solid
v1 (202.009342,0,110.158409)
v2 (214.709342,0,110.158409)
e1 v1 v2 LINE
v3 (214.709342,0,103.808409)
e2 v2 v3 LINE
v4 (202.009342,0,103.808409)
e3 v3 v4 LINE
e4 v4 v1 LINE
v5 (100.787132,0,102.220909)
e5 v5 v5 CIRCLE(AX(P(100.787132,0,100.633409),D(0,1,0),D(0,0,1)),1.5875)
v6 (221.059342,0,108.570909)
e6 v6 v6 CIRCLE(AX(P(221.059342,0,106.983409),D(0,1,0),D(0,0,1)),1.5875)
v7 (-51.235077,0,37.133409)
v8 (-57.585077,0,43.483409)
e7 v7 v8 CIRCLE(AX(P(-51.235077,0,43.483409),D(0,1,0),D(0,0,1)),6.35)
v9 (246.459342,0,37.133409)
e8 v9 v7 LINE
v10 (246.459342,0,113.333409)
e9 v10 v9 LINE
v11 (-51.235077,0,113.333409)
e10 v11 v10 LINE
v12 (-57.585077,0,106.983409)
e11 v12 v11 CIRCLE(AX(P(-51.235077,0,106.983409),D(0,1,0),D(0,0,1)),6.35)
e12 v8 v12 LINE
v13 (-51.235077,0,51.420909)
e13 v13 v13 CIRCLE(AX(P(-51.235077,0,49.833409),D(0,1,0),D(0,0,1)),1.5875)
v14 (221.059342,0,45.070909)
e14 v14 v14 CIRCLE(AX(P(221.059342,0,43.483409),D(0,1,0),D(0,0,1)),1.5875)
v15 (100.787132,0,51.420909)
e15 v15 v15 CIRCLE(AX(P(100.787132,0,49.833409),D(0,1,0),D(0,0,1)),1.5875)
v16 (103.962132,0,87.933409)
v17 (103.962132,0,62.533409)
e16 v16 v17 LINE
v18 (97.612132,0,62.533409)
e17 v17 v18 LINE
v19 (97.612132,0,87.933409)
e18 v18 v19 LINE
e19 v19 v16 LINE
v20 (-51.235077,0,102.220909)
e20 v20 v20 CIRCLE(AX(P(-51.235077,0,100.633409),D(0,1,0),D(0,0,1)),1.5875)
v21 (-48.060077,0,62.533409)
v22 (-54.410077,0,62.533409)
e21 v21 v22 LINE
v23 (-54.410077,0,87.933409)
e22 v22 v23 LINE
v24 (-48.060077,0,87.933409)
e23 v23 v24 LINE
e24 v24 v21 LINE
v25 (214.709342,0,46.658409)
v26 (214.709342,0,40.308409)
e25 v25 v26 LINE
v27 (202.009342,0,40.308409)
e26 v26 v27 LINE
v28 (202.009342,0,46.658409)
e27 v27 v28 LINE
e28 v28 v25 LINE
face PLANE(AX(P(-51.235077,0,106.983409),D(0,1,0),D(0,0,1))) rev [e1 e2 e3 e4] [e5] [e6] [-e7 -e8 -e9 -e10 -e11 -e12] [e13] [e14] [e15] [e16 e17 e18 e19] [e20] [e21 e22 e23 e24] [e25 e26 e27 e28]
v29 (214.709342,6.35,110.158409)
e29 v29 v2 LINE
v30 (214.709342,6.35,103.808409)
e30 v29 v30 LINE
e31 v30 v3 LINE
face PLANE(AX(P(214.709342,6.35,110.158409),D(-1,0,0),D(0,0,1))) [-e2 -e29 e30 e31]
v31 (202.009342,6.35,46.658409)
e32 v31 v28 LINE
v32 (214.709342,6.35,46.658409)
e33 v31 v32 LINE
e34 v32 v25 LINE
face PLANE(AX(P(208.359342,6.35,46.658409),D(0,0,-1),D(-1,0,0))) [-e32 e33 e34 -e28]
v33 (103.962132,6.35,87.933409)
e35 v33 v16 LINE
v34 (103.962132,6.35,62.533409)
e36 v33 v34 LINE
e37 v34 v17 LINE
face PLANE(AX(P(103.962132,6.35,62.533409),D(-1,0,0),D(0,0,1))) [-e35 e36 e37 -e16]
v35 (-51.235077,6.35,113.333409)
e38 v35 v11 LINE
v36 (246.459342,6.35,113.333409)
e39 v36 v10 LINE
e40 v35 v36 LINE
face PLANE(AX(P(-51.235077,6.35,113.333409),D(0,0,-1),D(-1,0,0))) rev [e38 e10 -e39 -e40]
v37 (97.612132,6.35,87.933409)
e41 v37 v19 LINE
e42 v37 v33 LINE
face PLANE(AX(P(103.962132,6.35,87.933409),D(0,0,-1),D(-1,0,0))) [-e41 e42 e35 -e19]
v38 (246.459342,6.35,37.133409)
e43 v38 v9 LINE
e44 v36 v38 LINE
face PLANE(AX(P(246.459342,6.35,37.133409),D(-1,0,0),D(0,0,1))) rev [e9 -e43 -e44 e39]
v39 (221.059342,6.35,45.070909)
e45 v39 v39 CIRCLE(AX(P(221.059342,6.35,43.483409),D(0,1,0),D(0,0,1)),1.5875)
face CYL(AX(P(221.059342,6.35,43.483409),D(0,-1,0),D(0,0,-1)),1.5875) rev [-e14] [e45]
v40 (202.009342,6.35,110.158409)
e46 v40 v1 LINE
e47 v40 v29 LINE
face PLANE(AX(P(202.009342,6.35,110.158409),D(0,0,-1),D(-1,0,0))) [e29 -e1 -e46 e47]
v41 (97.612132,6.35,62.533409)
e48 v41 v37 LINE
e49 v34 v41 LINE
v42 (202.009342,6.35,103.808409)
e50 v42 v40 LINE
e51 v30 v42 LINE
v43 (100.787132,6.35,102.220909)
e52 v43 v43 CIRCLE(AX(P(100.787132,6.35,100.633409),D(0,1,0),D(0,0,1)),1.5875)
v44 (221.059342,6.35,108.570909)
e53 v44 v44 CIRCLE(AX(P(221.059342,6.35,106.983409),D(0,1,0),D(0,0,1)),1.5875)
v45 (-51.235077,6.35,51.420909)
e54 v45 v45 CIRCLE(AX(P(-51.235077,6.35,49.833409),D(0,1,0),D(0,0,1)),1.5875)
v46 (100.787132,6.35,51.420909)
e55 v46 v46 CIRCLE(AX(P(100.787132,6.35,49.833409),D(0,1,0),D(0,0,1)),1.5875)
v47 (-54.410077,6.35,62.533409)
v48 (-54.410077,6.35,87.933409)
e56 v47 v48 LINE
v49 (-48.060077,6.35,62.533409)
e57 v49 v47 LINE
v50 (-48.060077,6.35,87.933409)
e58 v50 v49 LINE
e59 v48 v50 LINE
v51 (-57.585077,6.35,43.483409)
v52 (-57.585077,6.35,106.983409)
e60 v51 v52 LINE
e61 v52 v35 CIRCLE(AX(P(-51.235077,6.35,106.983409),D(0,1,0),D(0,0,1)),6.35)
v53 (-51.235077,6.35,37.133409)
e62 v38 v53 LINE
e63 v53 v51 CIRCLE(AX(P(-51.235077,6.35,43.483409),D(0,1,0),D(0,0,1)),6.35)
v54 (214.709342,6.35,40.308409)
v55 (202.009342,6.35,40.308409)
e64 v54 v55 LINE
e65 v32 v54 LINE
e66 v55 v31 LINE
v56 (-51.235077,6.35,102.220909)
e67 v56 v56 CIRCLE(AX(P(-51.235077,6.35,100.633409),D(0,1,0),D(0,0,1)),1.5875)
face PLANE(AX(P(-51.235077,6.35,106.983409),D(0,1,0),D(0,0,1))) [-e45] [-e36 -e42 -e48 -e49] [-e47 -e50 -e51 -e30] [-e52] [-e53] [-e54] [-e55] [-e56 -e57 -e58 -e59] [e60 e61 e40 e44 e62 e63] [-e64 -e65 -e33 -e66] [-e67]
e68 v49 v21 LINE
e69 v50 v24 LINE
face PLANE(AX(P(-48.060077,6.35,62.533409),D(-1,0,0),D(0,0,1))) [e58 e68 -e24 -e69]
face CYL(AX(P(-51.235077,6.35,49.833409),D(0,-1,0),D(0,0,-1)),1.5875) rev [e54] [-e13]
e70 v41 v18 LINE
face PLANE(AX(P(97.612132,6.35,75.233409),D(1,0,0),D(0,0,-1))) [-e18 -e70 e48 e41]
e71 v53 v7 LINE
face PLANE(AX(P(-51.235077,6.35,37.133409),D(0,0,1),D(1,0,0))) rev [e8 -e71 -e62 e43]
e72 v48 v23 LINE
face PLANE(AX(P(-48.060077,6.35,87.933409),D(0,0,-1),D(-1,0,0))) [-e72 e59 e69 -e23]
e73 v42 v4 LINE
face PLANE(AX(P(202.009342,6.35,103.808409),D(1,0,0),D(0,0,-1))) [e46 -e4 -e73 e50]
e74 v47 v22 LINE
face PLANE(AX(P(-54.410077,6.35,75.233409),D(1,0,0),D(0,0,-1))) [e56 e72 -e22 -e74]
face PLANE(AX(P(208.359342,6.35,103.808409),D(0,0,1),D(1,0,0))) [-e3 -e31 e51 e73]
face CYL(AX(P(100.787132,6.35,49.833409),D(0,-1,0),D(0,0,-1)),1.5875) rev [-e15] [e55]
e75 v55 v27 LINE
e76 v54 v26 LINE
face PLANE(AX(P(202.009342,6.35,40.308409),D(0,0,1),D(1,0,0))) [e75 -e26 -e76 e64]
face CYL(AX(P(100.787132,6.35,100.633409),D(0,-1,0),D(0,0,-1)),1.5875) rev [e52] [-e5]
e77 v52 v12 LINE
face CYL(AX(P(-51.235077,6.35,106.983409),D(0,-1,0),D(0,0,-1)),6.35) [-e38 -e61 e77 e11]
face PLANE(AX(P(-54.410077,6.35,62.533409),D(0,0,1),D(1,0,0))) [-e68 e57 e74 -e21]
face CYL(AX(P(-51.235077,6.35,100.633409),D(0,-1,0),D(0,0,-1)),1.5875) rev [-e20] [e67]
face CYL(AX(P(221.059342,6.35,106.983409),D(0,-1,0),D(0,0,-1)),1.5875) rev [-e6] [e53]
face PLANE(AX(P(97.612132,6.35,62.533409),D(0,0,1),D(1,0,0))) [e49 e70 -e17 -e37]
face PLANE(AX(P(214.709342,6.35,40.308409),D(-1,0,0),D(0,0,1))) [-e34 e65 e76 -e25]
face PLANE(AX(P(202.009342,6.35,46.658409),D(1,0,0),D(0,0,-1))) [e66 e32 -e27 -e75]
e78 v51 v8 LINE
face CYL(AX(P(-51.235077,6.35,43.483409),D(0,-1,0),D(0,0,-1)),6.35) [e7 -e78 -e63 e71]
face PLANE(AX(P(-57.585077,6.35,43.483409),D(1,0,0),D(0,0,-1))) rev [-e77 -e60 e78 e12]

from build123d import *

# Parameters (mm, degrees)
SKETCH1_R           = 1.5875
BOSS_EXTRUDE1_DEPTH = 6.35


with BuildPart() as part:
    # Sketch1 → Boss-Extrude1 (new body)
    with BuildSketch(Plane(origin=(0, 0, 0), x_dir=(1, 0, 0), z_dir=(0, 1, 0))):
        with BuildLine():
            Line((-51.235076938, -113.333409223), (246.459341535, -113.333409223))
            Line((246.459341535, -113.333409223), (246.459341535, -37.133409223))
            Line((246.459341535, -37.133409223), (-51.235076938, -37.133409223))
            ThreePointArc((-51.235076938, -37.133409223), (-55.725204999, -38.993281163), (-57.585076938, -43.483409223))
            Line((-57.585076938, -43.483409223), (-57.585076938, -106.983409223))
            ThreePointArc((-57.585076938, -106.983409223), (-55.725204999, -111.473537284), (-51.235076938, -113.333409223))
        make_face()
        with Locations(Location((-51.235076938, -100.633409223, 0), (0, 0, 270))):
            Circle(SKETCH1_R, mode=Mode.SUBTRACT)
        with Locations(Location((-51.235076938, -49.833409223, 0), (0, 0, 270))):
            Circle(SKETCH1_R, mode=Mode.SUBTRACT)
        with Locations(Location((100.787132298, -100.633409223, 0), (0, 0, 270))):
            Circle(SKETCH1_R, mode=Mode.SUBTRACT)
        with Locations(Location((100.787132298, -49.833409223, 0), (0, 0, 270))):
            Circle(SKETCH1_R, mode=Mode.SUBTRACT)
        with Locations(Location((221.059341535, -106.983409223, 0), (0, 0, 270))):
            Circle(SKETCH1_R, mode=Mode.SUBTRACT)
        with Locations(Location((221.059341535, -43.483409223, 0), (0, 0, 270))):
            Circle(SKETCH1_R, mode=Mode.SUBTRACT)
        Polygon((-54.410076938, -75.233409223), (-54.410076938, -62.533409223), (-48.060076938, -62.533409223), (-48.060076938, -87.933409223), (-54.410076938, -87.933409223), align=None, mode=Mode.SUBTRACT)
        Polygon((97.612132298, -75.233409223), (97.612132298, -62.533409223), (103.962132298, -62.533409223), (103.962132298, -87.933409223), (97.612132298, -87.933409223), align=None, mode=Mode.SUBTRACT)
        Polygon((208.359341535, -103.808409223), (202.009341535, -103.808409223), (202.009341535, -110.158409223), (214.709341535, -110.158409223), (214.709341535, -103.808409223), align=None, mode=Mode.SUBTRACT)
        Polygon((208.359341535, -46.658409223), (202.009341535, -46.658409223), (202.009341535, -40.308409223), (214.709341535, -40.308409223), (214.709341535, -46.658409223), align=None, mode=Mode.SUBTRACT)
    extrude(amount=BOSS_EXTRUDE1_DEPTH)


solid = part.part
